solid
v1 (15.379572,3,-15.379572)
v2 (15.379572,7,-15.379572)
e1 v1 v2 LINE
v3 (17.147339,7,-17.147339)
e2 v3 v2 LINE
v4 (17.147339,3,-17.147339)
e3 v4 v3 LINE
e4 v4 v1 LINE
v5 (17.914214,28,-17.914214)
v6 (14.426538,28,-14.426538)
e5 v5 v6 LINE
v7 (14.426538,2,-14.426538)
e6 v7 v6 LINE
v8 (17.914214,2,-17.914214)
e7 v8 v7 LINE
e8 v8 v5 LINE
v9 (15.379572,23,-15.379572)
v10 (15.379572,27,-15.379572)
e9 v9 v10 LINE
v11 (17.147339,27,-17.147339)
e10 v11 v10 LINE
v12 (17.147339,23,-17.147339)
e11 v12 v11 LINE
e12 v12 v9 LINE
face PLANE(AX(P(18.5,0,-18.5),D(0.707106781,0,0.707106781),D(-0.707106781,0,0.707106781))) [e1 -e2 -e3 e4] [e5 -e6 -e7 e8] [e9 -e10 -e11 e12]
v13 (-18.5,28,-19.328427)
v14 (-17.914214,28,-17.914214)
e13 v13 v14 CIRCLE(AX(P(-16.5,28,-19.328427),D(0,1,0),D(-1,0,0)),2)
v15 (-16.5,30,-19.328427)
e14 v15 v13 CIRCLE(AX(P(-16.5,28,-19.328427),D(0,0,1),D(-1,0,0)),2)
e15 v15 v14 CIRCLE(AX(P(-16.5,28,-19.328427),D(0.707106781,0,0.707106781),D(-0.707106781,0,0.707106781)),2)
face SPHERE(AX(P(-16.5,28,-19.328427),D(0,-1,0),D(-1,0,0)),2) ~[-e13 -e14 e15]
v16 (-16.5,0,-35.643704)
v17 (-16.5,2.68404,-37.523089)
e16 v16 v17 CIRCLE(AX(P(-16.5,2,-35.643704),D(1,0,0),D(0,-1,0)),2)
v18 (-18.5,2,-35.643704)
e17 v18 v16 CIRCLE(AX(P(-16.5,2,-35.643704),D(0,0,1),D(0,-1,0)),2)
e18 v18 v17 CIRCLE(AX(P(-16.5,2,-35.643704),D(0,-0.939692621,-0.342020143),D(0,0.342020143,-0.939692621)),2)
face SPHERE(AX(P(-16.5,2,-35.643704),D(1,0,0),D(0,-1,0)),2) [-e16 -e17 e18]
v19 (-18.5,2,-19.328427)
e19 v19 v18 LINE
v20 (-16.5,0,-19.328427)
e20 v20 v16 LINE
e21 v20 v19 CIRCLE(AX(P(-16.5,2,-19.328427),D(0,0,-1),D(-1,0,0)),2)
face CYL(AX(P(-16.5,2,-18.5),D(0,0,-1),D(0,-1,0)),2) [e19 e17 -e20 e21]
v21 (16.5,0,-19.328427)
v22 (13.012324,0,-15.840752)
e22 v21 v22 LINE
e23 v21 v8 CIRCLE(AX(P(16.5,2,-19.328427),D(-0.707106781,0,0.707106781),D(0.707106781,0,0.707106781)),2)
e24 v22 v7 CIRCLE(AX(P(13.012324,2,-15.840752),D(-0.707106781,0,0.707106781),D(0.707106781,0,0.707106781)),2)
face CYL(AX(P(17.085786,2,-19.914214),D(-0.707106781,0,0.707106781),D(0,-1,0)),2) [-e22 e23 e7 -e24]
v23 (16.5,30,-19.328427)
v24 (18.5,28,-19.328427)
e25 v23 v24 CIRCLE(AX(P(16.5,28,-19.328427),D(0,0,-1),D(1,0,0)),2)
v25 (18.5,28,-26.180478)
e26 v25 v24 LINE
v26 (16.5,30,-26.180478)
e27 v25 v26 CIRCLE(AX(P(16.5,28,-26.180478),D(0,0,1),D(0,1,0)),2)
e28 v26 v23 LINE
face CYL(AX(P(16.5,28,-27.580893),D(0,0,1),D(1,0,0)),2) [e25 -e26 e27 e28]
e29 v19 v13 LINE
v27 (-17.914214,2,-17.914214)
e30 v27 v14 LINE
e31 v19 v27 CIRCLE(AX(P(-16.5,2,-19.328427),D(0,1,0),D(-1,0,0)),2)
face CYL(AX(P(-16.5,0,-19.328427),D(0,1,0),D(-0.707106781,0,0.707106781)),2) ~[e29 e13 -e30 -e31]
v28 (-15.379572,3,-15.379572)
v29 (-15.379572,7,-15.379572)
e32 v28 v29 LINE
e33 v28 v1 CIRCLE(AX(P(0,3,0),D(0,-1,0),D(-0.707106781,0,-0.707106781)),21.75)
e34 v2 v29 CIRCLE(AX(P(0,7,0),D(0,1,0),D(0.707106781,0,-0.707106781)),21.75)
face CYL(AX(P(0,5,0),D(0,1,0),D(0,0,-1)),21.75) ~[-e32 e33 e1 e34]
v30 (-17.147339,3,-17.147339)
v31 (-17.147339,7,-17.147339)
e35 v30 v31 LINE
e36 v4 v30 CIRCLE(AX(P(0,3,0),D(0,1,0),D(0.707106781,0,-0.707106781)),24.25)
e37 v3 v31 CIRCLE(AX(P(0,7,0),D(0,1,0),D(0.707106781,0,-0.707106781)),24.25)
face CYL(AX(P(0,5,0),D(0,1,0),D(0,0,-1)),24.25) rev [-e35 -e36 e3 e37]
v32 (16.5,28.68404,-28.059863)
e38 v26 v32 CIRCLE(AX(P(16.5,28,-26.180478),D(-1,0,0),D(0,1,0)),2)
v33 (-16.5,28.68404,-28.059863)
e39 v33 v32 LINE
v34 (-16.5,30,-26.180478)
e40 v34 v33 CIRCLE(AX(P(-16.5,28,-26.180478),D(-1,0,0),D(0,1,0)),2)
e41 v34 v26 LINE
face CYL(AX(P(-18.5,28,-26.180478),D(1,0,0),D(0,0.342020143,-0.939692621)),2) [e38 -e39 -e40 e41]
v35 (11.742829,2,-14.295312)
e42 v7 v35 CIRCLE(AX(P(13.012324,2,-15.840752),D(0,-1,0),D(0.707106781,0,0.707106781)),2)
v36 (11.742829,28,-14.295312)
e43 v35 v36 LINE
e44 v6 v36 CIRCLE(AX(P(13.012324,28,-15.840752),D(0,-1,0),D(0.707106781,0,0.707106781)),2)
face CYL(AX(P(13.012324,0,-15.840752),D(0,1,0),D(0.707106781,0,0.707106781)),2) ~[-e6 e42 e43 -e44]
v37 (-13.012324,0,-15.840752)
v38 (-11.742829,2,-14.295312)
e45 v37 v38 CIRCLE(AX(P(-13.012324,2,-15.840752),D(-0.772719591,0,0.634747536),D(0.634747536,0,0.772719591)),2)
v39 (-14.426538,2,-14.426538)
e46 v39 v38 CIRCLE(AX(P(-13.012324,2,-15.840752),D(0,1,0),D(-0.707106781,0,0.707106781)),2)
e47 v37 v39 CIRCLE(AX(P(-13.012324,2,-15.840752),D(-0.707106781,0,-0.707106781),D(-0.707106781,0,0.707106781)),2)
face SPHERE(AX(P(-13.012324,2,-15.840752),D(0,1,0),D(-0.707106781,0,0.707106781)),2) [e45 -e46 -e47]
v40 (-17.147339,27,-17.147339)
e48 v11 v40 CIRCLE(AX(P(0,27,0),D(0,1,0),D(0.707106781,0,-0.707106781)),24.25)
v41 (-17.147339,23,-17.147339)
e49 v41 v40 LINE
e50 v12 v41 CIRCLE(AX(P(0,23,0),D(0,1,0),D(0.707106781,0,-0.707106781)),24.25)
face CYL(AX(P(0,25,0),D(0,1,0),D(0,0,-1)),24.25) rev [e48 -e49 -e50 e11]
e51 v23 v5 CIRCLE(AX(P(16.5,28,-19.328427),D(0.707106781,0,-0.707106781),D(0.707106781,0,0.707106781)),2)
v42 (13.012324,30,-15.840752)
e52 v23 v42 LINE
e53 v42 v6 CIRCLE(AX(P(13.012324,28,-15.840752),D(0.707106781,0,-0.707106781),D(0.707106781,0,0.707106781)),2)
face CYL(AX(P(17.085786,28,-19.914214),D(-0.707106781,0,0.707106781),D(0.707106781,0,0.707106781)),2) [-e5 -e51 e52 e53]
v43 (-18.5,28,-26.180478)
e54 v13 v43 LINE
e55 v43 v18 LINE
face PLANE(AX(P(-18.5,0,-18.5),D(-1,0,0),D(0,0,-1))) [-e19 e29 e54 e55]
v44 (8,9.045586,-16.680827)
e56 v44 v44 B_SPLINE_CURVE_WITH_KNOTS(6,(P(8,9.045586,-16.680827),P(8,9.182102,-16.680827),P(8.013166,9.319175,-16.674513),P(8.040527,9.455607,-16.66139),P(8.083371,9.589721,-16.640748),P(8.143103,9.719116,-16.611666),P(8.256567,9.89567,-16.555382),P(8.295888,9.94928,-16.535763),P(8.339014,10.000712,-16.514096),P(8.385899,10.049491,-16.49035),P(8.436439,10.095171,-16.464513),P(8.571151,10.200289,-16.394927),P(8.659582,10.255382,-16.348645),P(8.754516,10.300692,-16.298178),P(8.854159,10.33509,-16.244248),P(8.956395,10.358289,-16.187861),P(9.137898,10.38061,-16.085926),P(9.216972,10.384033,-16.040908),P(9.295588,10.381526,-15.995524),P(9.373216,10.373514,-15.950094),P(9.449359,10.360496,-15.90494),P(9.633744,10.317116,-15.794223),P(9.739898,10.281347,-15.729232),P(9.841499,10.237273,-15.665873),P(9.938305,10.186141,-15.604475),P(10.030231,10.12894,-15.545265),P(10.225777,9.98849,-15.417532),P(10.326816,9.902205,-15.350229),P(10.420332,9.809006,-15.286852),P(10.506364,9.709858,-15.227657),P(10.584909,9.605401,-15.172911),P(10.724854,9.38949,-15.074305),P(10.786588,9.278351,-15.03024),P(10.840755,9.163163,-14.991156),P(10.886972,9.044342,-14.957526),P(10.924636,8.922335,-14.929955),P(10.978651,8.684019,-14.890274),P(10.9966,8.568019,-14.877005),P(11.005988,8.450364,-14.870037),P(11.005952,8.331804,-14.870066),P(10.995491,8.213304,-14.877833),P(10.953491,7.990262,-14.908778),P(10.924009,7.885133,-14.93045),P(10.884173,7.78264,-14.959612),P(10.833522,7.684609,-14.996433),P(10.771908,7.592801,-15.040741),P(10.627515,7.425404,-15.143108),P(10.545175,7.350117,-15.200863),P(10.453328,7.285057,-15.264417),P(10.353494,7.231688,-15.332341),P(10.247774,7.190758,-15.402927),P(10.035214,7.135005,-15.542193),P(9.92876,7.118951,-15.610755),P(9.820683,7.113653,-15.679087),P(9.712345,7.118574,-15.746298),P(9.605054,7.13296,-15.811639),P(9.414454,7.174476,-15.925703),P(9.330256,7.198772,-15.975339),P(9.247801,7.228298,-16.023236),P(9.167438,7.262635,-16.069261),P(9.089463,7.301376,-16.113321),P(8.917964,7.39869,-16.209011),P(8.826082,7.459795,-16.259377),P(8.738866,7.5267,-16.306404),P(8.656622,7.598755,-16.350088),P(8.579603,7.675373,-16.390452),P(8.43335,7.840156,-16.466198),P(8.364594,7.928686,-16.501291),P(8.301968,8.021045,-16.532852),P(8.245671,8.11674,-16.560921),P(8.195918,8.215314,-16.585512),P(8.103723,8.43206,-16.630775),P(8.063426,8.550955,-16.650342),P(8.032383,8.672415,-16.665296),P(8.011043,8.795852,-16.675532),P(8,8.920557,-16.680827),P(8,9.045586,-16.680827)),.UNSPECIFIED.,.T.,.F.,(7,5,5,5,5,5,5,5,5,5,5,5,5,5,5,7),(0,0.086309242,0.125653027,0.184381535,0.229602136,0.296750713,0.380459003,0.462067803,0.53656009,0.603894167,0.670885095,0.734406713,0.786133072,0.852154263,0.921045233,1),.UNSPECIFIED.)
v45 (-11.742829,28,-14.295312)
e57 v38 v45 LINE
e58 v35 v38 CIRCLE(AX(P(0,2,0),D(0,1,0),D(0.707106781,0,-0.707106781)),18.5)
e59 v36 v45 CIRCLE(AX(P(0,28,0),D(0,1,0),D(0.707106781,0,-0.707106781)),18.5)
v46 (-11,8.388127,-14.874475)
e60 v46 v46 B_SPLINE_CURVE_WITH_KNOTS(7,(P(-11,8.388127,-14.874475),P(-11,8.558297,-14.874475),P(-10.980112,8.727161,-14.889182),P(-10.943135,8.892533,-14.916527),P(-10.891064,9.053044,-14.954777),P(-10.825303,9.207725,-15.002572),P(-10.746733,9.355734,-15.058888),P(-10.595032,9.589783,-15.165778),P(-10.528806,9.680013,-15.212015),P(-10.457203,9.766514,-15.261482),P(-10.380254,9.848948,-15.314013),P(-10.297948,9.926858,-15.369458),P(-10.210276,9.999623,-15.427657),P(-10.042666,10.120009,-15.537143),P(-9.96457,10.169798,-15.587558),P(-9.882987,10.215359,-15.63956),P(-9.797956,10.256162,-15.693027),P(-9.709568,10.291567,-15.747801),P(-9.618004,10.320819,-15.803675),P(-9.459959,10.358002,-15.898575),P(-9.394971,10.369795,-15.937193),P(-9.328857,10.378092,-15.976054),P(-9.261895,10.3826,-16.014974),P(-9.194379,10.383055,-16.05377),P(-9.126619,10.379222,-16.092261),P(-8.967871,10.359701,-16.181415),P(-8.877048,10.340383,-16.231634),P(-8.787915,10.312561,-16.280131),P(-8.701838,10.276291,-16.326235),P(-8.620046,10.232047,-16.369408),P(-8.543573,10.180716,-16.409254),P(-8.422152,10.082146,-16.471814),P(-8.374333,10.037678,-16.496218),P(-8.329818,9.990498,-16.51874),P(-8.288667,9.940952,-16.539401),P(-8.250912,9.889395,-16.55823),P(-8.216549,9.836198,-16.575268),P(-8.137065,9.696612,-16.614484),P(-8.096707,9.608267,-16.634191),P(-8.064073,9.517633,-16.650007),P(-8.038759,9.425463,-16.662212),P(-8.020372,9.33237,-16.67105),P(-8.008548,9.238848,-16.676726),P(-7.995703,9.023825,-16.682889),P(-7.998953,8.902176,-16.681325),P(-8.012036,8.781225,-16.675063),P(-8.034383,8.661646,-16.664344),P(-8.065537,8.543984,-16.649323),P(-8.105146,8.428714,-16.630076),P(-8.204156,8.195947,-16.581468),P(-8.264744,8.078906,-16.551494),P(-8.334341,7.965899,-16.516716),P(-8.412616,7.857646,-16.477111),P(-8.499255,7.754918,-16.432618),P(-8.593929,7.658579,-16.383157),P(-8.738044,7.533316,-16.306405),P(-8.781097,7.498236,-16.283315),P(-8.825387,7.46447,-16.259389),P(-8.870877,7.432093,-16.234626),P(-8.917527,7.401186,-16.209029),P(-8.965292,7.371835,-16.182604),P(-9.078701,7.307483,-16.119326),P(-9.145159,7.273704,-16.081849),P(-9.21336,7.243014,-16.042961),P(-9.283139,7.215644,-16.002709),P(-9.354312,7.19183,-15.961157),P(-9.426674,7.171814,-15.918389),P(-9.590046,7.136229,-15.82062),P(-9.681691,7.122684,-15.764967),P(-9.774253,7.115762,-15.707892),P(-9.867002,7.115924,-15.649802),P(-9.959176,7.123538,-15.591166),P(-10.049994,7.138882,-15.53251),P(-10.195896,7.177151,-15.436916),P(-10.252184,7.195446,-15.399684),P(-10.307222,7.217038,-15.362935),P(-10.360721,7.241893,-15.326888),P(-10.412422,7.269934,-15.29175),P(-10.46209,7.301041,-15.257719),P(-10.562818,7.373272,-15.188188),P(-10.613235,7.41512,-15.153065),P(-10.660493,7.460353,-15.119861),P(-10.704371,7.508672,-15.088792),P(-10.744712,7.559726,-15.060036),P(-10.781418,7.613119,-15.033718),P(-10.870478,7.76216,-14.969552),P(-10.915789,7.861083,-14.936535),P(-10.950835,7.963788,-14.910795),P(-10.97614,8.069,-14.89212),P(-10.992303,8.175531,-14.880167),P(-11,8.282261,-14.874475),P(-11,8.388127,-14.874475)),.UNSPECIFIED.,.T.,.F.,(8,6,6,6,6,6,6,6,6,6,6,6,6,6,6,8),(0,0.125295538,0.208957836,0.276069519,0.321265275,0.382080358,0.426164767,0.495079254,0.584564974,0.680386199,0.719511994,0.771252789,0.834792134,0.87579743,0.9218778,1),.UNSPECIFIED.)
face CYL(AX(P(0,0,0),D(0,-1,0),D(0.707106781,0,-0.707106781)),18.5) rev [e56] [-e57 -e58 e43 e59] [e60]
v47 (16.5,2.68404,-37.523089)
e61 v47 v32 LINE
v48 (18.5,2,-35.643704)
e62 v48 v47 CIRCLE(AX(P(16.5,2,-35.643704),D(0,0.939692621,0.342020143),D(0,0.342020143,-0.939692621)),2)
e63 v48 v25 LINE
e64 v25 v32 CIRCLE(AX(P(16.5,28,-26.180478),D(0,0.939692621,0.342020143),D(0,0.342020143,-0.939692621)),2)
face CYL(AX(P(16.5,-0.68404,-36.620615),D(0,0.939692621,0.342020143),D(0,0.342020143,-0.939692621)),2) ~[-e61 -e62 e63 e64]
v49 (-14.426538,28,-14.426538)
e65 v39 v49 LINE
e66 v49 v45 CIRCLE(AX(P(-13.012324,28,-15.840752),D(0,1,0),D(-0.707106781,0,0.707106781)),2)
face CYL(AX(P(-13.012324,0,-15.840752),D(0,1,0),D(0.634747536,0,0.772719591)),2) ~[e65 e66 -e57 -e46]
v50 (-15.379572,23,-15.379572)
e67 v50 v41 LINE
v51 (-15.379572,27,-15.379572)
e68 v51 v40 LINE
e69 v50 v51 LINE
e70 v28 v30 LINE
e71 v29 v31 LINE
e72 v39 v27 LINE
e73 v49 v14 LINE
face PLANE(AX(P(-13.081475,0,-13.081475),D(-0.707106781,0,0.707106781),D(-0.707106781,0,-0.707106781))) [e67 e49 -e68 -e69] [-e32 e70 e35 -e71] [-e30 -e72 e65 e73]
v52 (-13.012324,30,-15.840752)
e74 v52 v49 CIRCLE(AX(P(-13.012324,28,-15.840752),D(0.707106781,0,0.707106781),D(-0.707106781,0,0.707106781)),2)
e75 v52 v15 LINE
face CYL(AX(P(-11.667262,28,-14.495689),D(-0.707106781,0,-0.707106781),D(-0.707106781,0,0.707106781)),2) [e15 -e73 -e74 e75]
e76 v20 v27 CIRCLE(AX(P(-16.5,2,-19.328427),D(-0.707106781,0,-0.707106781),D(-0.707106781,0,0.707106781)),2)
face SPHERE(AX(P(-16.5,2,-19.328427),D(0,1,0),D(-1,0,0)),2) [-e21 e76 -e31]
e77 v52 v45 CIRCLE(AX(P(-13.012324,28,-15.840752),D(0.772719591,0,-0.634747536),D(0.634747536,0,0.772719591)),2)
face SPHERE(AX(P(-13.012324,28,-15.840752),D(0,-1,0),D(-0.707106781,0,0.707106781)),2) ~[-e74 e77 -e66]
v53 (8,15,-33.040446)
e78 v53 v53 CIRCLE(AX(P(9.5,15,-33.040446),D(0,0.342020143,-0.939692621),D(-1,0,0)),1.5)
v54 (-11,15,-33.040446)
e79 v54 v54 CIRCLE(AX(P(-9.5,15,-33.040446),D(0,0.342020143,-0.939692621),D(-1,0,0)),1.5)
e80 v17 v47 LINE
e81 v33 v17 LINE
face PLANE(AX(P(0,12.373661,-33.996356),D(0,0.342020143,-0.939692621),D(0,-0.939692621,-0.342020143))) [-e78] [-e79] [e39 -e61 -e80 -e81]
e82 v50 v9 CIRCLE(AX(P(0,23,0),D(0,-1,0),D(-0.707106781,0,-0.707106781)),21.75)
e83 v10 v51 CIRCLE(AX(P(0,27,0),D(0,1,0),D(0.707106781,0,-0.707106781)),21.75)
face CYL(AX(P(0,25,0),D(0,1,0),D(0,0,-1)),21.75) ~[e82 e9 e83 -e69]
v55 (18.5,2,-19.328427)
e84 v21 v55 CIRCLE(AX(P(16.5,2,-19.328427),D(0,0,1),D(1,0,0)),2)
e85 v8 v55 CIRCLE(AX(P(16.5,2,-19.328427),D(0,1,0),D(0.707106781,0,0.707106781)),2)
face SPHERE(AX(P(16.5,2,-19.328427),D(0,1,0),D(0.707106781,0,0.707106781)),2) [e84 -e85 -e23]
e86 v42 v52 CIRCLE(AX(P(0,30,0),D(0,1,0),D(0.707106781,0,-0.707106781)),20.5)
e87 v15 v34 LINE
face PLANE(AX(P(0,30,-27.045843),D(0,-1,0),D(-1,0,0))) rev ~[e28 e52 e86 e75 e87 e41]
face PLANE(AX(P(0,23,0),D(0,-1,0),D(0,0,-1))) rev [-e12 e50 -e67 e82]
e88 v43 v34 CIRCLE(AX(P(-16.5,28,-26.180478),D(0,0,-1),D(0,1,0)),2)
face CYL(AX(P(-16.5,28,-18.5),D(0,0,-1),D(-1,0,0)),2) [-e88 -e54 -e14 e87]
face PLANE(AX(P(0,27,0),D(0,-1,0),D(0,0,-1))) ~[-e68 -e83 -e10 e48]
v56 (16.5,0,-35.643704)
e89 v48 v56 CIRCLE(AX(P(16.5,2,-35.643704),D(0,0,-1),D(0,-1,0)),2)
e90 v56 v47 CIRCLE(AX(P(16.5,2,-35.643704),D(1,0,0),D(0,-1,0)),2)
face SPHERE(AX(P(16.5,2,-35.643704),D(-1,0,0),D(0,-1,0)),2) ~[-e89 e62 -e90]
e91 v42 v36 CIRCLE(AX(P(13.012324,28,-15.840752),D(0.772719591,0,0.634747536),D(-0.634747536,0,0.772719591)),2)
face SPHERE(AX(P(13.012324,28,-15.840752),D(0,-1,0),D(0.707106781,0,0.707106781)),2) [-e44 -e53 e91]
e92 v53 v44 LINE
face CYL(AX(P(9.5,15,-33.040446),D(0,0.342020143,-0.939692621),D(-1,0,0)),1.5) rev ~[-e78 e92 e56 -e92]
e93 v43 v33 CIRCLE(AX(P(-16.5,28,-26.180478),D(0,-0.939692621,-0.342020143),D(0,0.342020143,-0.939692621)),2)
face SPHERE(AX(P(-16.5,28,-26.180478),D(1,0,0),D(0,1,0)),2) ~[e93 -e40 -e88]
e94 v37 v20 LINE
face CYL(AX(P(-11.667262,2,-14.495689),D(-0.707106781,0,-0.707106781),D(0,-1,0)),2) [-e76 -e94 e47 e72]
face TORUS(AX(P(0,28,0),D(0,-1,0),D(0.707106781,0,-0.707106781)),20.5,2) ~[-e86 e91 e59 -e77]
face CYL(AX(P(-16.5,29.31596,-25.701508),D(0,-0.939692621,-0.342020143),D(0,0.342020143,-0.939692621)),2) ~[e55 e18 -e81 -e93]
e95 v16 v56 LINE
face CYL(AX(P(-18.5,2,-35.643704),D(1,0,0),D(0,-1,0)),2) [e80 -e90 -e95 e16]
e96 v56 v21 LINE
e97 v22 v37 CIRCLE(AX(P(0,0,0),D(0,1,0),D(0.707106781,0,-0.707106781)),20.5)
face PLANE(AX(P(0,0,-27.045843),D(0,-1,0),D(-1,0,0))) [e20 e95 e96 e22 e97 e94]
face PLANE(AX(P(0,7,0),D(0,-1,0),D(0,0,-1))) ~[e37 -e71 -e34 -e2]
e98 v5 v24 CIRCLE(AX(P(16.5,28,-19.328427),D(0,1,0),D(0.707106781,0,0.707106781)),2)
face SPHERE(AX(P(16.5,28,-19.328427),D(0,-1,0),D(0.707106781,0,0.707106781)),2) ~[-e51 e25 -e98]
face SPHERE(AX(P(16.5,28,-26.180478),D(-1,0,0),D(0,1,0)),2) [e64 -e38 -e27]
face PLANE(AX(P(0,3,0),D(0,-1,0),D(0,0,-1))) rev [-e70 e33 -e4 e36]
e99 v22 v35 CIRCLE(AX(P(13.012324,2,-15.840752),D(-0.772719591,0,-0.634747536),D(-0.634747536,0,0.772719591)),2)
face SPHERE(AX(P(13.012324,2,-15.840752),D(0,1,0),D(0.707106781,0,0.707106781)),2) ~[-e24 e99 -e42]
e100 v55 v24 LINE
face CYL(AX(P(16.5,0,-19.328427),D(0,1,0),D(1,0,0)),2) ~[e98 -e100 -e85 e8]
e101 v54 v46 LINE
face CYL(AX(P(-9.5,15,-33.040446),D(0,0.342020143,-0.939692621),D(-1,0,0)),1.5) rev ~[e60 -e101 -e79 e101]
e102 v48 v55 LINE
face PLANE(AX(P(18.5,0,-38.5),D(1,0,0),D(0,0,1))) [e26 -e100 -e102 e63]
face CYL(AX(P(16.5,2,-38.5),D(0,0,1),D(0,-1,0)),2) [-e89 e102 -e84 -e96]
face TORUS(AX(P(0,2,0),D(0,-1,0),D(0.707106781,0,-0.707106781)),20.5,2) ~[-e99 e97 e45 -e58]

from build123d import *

# Parameters (mm, degrees)
BOSS_EXTRUDE1_DEPTH = 30
SKETCH4_R           = 1.5
CUT_EXTRUDE1_DEPTH  = 24.885599949
FILLET1_R           = 2
SKETCH5_W           = 2.5
SKETCH5_H           = 4


with BuildPart() as part:
    # Sketch3 → Boss-Extrude1 (new body)
    with BuildSketch(Plane(origin=(0, 0, 0), x_dir=(1, 0, 0), z_dir=(0, 1, 0))):
        with BuildLine():
            Line((-18.5, 38.5), (18.5, 38.5))
            Line((18.5, 38.5), (18.5, 18.5))
            Line((18.5, 18.5), (13.081475452, 13.081475452))
            ThreePointArc((13.081475452, 13.081475452), (0, 18.5), (-13.081475452, 13.081475452))
            Line((-13.081475452, 13.081475452), (-18.5, 18.5))
            Line((-18.5, 18.5), (-18.5, 38.5))
        make_face()
    extrude(amount=BOSS_EXTRUDE1_DEPTH)

    # Split1
    split(bisect_by=Plane(origin=(0, 12.373661486, -33.99635553), x_dir=(0, -0.939692621, -0.342020143), z_dir=(0, 0.342020143, -0.939692621)), keep=Keep.BOTTOM)

    # Sketch4 → Cut-Extrude1 (cut, through all)
    with BuildSketch(Plane(origin=(0, 12.373661486, -33.99635553), x_dir=(-1, 0, 0), z_dir=(0, 0.342020143, -0.939692621))):
        with Locations((9.5, 2.794891069)):
            Circle(SKETCH4_R)
        with Locations((-9.5, 2.794891069)):
            Circle(SKETCH4_R)
    extrude(amount=-CUT_EXTRUDE1_DEPTH, mode=Mode.SUBTRACT)

    # Fillet1
    fillet1_edges = [part.edges().sort_by_distance(p)[0] for p in [
        (15.790737726, 0, -15.790737726),
        (18.5, 0, -28.5),
        (-18.5, 0, -28.5),
        (-15.790737726, 0, -15.790737726),
        (0, 0, -18.5),
        (15.790737726, 30, -15.790737726),
        (18.5, 30, -23.040446486),
        (-18.5, 30, -23.040446486),
        (-15.790737726, 30, -15.790737726),
        (0, 30, -18.5),
        (13.081475452, 15, -13.081475452),
        (-13.081475452, 15, -13.081475452),
        (-18.5, 15, -18.5),
        (18.5, 15, -18.5),
        (18.5, 15, -33.040446486),
        (-18.5, 15, -33.040446486),
        (0, 30, -27.580892972),
        (0, 0, -38.5),
    ]]
    fillet(fillet1_edges, radius=FILLET1_R)

    # Sketch5 → Cut-Revolve1 (revolve, cut)
    with BuildSketch(Plane(origin=(0, 0, 0), x_dir=(0, 0, -1), z_dir=(1, 0, 0))):
        with Locations((23, 5)):
            Rectangle(SKETCH5_W, SKETCH5_H)
        with Locations((23, 25)):
            Rectangle(SKETCH5_W, SKETCH5_H)
    revolve(axis=Axis((0, 30, 0), (0, -1, 0)), mode=Mode.SUBTRACT)


solid = part.part
